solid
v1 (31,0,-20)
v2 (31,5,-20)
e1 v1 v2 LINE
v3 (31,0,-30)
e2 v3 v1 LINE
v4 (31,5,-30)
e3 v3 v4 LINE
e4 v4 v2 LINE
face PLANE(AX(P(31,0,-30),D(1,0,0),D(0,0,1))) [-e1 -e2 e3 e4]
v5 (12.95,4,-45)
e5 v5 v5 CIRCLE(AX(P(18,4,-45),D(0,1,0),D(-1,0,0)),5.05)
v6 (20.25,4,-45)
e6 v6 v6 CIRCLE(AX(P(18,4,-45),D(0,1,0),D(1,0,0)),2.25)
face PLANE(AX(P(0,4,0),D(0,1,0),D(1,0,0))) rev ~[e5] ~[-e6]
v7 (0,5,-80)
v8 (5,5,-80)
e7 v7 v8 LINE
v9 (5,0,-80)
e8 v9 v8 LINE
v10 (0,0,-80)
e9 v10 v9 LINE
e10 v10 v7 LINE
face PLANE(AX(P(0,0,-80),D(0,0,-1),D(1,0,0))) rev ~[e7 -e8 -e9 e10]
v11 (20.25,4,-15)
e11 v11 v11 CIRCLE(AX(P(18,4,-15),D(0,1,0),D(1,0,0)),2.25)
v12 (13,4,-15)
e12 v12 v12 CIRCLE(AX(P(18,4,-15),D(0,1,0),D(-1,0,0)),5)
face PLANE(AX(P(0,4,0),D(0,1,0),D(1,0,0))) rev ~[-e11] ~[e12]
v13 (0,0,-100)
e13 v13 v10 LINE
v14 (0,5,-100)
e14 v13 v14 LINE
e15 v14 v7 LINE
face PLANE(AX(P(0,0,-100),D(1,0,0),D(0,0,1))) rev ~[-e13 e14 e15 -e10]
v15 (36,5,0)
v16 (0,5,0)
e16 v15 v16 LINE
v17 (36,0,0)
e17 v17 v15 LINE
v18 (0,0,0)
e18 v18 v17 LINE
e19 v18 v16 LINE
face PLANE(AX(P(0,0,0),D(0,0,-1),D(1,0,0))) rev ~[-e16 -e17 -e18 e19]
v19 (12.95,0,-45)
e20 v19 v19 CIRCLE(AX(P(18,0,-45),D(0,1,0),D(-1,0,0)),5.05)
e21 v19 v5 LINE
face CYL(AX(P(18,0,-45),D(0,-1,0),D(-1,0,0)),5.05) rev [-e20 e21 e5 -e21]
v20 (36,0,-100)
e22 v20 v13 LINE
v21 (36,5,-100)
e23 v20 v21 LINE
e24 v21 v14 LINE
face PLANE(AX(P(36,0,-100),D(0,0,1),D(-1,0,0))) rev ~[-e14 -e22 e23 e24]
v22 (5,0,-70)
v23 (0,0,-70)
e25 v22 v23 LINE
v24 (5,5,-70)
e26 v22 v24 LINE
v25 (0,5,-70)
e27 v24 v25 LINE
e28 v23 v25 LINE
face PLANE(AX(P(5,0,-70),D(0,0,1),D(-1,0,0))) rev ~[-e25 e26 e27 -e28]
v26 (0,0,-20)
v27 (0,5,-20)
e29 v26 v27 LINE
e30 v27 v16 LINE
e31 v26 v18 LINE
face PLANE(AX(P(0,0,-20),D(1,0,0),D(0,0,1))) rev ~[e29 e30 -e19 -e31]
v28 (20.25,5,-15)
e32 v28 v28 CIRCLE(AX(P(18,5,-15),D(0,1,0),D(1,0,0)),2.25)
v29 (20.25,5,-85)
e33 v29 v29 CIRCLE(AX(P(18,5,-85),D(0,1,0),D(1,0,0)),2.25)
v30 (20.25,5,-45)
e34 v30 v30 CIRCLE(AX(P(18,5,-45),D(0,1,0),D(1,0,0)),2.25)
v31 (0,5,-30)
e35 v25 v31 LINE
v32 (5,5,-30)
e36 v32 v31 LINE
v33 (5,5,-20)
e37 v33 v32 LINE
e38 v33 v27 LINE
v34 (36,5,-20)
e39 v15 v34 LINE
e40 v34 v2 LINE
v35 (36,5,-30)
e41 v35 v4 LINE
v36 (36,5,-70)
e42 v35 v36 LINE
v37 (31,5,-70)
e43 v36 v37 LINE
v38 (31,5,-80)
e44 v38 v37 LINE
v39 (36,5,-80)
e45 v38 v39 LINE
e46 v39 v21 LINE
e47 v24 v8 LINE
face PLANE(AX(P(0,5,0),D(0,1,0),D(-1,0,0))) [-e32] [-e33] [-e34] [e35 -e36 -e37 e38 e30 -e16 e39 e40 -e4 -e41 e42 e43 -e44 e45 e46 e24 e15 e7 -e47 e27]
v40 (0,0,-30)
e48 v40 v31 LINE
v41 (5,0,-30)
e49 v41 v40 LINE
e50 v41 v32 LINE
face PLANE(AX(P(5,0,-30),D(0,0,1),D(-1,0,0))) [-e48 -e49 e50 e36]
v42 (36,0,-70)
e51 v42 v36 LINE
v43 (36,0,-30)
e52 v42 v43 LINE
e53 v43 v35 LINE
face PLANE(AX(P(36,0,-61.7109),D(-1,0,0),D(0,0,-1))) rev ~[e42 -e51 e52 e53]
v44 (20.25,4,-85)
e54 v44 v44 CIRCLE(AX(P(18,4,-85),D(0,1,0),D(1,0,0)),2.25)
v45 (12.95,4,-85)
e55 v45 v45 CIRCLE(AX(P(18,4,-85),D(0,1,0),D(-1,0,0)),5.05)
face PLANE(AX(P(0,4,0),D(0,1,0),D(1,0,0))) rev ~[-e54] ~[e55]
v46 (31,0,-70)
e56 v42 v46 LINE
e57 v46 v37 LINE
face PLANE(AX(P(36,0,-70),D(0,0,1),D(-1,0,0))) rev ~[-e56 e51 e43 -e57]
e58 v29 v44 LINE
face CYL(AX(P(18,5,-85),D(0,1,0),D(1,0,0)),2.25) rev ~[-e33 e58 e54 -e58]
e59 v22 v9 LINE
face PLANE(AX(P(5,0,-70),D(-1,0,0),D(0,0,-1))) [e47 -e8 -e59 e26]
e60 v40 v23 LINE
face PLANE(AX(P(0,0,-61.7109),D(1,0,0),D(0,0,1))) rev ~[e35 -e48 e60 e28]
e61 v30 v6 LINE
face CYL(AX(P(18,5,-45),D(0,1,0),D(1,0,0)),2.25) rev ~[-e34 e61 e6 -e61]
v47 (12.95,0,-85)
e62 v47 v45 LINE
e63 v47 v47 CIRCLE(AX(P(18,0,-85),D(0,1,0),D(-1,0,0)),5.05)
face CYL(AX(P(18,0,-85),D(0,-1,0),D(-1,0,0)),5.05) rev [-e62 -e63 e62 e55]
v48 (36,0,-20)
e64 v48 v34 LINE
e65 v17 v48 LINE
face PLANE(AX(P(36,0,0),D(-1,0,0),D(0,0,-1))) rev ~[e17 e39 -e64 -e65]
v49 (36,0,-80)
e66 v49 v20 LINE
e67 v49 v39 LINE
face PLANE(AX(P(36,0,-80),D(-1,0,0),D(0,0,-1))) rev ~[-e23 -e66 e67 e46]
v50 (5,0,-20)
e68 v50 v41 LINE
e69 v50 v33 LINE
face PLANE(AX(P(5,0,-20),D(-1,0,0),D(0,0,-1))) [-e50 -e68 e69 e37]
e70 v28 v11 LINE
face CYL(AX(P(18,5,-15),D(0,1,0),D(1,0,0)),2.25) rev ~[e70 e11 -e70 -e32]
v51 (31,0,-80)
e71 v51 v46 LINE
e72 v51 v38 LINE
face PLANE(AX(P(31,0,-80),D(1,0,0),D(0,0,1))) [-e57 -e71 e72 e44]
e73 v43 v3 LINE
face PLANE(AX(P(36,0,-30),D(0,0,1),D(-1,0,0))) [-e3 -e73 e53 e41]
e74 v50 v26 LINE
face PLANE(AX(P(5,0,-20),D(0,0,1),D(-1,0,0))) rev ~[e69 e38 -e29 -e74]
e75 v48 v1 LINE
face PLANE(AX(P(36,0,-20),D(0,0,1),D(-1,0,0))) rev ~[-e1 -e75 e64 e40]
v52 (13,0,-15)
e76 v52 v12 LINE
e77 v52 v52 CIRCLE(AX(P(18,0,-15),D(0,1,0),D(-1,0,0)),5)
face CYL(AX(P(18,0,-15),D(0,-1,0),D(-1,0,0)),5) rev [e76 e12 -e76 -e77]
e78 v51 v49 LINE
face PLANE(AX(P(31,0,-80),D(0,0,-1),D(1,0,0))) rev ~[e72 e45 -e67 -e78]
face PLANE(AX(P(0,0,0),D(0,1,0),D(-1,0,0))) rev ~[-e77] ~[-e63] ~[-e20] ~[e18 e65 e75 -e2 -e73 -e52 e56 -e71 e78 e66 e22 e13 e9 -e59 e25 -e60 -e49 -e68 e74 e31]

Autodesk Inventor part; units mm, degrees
ref_plane "YZ Plane" through (0, 0, 0) normal (1, 0, 0) x (0, 1, 0)
ref_plane "XZ Plane" through (0, 0, 0) normal (0, 1, 0) x (-1, 0, 0)
ref_plane "XY Plane" through (0, 0, 0) normal (0, 0, 1) x (1, 0, 0)
sketch "Sketch2" plane through (0, 0, 0) normal (0, 1, 0) x (-1, 0, 0)
  line L0 (0, 0) -> (-36, 0)
  line L1 (-36, 0) -> (-36, -100)
  line L2 (-36, -100) -> (0, -100)
  line L3 (0, -100) -> (0, 0)
  line L4 (-36, 0) -> (-36, -20)
  line L5 (-36, -20) -> (0, -20)
  line L6 (-36, -100) -> (-36, -80)
  line L7 (-36, -80) -> (-36, -61.7109)
  line L8 (0, -61.7109) -> (0, -80)
  line L9 (-36, -80) -> (-36, -70)
  line L10 (-36, -70) -> (0, -70)
  line L11 (0, -80) -> (-36, -80)
  line L12 (0, -70) -> (0, -80)
  line L13 (0, -70) -> (-5, -70)
  line L14 (-5, -70) -> (-5, -80)
  line L15 (-36, -20) -> (-36, -30)
  line L16 (-36, -30) -> (0, -30)
  line L17 (0, -20) -> (-5, -20)
  line L18 (-5, -20) -> (-5, -30)
  line L19 (-36, -80) -> (-31, -80)
  line L20 (-31, -80) -> (-31, -70)
  line L21 (-31, -30) -> (-31, -20)
  line L22 (-18, 0) -> (-18, -15)
  line L23 (-18, -15) -> (-18, -45)
  circle A0 centre (-18, -45) radius 5.05
  line L24 (-18, -45) -> (-18, -85)
  circle A1 centre (-18, -85) radius 5.05
  circle A2 centre (-18, -15) radius 5
  dimension "d0" = 36
  dimension "d1" = 100
  dimension "d2" = 20
  dimension "d3" = 20
  dimension "d4" = 10
  dimension "d5" = 5
  dimension "d6" = 10
  dimension "d7" = 5
  dimension "d8" = 5
  dimension "d9" = 15
  dimension "d11" = 30
  dimension "d12" = 10.1
  dimension "d13" = 40
  dimension "d14" = 10.1
extrude "Extrusion1" add sketch "Sketch2" along normal blind 5 contours L3 L5 A2 L22 L0 | L22 A2 L5 L1 L0 | L3 L10 L24 A0 L23 L16 | L18 L16 L23 L5 | L23 L16 L21 L5 | L16 L23 A0 L24 L10 L1 | L3 L2 L1 L11 A1 | L14 L11 A1 L24 L10 | L24 A1 L11 L20 L10
sketch "Sketch3" plane through (0, 5, 0) normal (0, 1, 0) x (1, 0, 0)
  circle A0 centre (18, 15) radius 5 projected
  circle A1 centre (18, 15) radius 5
  circle A2 centre (18, 45) radius 5.05 projected
  circle A3 centre (18, 45) radius 5.05
  circle A4 centre (18, 85) radius 5.05 projected
  circle A5 centre (18, 85) radius 5.05
  circle A6 centre (18, 45) radius 2.25
  circle A7 centre (18, 85) radius 2.25
  circle A8 centre (18, 15) radius 2.25
  point P0 (0, 0)
  dimension "d18" = 4.5
  dimension "d19" = 4.5
  dimension "d20" = 4.5
extrude "Extrusion2" add sketch "Sketch3" against normal blind 1
equation "\"BendRadius\" = Thickness"
equation "\"BendReliefWidth\" = Thickness"
equation "\"BendReliefDepth\" = 0.5 * Thickness"
equation "\"CornerReliefSize\" = 4 * Thickness"
equation "\"MinimumRemnant\" = 2 * Thickness"
equation "\"TransitionRadius\" = BendRadius"
equation "\"JacobiRadiusSize\" = BendRadius"
equation "\"GapSize\" = Thickness"
equation "\"Thickness\" = 0.5"
properties part number "Part1v3"
